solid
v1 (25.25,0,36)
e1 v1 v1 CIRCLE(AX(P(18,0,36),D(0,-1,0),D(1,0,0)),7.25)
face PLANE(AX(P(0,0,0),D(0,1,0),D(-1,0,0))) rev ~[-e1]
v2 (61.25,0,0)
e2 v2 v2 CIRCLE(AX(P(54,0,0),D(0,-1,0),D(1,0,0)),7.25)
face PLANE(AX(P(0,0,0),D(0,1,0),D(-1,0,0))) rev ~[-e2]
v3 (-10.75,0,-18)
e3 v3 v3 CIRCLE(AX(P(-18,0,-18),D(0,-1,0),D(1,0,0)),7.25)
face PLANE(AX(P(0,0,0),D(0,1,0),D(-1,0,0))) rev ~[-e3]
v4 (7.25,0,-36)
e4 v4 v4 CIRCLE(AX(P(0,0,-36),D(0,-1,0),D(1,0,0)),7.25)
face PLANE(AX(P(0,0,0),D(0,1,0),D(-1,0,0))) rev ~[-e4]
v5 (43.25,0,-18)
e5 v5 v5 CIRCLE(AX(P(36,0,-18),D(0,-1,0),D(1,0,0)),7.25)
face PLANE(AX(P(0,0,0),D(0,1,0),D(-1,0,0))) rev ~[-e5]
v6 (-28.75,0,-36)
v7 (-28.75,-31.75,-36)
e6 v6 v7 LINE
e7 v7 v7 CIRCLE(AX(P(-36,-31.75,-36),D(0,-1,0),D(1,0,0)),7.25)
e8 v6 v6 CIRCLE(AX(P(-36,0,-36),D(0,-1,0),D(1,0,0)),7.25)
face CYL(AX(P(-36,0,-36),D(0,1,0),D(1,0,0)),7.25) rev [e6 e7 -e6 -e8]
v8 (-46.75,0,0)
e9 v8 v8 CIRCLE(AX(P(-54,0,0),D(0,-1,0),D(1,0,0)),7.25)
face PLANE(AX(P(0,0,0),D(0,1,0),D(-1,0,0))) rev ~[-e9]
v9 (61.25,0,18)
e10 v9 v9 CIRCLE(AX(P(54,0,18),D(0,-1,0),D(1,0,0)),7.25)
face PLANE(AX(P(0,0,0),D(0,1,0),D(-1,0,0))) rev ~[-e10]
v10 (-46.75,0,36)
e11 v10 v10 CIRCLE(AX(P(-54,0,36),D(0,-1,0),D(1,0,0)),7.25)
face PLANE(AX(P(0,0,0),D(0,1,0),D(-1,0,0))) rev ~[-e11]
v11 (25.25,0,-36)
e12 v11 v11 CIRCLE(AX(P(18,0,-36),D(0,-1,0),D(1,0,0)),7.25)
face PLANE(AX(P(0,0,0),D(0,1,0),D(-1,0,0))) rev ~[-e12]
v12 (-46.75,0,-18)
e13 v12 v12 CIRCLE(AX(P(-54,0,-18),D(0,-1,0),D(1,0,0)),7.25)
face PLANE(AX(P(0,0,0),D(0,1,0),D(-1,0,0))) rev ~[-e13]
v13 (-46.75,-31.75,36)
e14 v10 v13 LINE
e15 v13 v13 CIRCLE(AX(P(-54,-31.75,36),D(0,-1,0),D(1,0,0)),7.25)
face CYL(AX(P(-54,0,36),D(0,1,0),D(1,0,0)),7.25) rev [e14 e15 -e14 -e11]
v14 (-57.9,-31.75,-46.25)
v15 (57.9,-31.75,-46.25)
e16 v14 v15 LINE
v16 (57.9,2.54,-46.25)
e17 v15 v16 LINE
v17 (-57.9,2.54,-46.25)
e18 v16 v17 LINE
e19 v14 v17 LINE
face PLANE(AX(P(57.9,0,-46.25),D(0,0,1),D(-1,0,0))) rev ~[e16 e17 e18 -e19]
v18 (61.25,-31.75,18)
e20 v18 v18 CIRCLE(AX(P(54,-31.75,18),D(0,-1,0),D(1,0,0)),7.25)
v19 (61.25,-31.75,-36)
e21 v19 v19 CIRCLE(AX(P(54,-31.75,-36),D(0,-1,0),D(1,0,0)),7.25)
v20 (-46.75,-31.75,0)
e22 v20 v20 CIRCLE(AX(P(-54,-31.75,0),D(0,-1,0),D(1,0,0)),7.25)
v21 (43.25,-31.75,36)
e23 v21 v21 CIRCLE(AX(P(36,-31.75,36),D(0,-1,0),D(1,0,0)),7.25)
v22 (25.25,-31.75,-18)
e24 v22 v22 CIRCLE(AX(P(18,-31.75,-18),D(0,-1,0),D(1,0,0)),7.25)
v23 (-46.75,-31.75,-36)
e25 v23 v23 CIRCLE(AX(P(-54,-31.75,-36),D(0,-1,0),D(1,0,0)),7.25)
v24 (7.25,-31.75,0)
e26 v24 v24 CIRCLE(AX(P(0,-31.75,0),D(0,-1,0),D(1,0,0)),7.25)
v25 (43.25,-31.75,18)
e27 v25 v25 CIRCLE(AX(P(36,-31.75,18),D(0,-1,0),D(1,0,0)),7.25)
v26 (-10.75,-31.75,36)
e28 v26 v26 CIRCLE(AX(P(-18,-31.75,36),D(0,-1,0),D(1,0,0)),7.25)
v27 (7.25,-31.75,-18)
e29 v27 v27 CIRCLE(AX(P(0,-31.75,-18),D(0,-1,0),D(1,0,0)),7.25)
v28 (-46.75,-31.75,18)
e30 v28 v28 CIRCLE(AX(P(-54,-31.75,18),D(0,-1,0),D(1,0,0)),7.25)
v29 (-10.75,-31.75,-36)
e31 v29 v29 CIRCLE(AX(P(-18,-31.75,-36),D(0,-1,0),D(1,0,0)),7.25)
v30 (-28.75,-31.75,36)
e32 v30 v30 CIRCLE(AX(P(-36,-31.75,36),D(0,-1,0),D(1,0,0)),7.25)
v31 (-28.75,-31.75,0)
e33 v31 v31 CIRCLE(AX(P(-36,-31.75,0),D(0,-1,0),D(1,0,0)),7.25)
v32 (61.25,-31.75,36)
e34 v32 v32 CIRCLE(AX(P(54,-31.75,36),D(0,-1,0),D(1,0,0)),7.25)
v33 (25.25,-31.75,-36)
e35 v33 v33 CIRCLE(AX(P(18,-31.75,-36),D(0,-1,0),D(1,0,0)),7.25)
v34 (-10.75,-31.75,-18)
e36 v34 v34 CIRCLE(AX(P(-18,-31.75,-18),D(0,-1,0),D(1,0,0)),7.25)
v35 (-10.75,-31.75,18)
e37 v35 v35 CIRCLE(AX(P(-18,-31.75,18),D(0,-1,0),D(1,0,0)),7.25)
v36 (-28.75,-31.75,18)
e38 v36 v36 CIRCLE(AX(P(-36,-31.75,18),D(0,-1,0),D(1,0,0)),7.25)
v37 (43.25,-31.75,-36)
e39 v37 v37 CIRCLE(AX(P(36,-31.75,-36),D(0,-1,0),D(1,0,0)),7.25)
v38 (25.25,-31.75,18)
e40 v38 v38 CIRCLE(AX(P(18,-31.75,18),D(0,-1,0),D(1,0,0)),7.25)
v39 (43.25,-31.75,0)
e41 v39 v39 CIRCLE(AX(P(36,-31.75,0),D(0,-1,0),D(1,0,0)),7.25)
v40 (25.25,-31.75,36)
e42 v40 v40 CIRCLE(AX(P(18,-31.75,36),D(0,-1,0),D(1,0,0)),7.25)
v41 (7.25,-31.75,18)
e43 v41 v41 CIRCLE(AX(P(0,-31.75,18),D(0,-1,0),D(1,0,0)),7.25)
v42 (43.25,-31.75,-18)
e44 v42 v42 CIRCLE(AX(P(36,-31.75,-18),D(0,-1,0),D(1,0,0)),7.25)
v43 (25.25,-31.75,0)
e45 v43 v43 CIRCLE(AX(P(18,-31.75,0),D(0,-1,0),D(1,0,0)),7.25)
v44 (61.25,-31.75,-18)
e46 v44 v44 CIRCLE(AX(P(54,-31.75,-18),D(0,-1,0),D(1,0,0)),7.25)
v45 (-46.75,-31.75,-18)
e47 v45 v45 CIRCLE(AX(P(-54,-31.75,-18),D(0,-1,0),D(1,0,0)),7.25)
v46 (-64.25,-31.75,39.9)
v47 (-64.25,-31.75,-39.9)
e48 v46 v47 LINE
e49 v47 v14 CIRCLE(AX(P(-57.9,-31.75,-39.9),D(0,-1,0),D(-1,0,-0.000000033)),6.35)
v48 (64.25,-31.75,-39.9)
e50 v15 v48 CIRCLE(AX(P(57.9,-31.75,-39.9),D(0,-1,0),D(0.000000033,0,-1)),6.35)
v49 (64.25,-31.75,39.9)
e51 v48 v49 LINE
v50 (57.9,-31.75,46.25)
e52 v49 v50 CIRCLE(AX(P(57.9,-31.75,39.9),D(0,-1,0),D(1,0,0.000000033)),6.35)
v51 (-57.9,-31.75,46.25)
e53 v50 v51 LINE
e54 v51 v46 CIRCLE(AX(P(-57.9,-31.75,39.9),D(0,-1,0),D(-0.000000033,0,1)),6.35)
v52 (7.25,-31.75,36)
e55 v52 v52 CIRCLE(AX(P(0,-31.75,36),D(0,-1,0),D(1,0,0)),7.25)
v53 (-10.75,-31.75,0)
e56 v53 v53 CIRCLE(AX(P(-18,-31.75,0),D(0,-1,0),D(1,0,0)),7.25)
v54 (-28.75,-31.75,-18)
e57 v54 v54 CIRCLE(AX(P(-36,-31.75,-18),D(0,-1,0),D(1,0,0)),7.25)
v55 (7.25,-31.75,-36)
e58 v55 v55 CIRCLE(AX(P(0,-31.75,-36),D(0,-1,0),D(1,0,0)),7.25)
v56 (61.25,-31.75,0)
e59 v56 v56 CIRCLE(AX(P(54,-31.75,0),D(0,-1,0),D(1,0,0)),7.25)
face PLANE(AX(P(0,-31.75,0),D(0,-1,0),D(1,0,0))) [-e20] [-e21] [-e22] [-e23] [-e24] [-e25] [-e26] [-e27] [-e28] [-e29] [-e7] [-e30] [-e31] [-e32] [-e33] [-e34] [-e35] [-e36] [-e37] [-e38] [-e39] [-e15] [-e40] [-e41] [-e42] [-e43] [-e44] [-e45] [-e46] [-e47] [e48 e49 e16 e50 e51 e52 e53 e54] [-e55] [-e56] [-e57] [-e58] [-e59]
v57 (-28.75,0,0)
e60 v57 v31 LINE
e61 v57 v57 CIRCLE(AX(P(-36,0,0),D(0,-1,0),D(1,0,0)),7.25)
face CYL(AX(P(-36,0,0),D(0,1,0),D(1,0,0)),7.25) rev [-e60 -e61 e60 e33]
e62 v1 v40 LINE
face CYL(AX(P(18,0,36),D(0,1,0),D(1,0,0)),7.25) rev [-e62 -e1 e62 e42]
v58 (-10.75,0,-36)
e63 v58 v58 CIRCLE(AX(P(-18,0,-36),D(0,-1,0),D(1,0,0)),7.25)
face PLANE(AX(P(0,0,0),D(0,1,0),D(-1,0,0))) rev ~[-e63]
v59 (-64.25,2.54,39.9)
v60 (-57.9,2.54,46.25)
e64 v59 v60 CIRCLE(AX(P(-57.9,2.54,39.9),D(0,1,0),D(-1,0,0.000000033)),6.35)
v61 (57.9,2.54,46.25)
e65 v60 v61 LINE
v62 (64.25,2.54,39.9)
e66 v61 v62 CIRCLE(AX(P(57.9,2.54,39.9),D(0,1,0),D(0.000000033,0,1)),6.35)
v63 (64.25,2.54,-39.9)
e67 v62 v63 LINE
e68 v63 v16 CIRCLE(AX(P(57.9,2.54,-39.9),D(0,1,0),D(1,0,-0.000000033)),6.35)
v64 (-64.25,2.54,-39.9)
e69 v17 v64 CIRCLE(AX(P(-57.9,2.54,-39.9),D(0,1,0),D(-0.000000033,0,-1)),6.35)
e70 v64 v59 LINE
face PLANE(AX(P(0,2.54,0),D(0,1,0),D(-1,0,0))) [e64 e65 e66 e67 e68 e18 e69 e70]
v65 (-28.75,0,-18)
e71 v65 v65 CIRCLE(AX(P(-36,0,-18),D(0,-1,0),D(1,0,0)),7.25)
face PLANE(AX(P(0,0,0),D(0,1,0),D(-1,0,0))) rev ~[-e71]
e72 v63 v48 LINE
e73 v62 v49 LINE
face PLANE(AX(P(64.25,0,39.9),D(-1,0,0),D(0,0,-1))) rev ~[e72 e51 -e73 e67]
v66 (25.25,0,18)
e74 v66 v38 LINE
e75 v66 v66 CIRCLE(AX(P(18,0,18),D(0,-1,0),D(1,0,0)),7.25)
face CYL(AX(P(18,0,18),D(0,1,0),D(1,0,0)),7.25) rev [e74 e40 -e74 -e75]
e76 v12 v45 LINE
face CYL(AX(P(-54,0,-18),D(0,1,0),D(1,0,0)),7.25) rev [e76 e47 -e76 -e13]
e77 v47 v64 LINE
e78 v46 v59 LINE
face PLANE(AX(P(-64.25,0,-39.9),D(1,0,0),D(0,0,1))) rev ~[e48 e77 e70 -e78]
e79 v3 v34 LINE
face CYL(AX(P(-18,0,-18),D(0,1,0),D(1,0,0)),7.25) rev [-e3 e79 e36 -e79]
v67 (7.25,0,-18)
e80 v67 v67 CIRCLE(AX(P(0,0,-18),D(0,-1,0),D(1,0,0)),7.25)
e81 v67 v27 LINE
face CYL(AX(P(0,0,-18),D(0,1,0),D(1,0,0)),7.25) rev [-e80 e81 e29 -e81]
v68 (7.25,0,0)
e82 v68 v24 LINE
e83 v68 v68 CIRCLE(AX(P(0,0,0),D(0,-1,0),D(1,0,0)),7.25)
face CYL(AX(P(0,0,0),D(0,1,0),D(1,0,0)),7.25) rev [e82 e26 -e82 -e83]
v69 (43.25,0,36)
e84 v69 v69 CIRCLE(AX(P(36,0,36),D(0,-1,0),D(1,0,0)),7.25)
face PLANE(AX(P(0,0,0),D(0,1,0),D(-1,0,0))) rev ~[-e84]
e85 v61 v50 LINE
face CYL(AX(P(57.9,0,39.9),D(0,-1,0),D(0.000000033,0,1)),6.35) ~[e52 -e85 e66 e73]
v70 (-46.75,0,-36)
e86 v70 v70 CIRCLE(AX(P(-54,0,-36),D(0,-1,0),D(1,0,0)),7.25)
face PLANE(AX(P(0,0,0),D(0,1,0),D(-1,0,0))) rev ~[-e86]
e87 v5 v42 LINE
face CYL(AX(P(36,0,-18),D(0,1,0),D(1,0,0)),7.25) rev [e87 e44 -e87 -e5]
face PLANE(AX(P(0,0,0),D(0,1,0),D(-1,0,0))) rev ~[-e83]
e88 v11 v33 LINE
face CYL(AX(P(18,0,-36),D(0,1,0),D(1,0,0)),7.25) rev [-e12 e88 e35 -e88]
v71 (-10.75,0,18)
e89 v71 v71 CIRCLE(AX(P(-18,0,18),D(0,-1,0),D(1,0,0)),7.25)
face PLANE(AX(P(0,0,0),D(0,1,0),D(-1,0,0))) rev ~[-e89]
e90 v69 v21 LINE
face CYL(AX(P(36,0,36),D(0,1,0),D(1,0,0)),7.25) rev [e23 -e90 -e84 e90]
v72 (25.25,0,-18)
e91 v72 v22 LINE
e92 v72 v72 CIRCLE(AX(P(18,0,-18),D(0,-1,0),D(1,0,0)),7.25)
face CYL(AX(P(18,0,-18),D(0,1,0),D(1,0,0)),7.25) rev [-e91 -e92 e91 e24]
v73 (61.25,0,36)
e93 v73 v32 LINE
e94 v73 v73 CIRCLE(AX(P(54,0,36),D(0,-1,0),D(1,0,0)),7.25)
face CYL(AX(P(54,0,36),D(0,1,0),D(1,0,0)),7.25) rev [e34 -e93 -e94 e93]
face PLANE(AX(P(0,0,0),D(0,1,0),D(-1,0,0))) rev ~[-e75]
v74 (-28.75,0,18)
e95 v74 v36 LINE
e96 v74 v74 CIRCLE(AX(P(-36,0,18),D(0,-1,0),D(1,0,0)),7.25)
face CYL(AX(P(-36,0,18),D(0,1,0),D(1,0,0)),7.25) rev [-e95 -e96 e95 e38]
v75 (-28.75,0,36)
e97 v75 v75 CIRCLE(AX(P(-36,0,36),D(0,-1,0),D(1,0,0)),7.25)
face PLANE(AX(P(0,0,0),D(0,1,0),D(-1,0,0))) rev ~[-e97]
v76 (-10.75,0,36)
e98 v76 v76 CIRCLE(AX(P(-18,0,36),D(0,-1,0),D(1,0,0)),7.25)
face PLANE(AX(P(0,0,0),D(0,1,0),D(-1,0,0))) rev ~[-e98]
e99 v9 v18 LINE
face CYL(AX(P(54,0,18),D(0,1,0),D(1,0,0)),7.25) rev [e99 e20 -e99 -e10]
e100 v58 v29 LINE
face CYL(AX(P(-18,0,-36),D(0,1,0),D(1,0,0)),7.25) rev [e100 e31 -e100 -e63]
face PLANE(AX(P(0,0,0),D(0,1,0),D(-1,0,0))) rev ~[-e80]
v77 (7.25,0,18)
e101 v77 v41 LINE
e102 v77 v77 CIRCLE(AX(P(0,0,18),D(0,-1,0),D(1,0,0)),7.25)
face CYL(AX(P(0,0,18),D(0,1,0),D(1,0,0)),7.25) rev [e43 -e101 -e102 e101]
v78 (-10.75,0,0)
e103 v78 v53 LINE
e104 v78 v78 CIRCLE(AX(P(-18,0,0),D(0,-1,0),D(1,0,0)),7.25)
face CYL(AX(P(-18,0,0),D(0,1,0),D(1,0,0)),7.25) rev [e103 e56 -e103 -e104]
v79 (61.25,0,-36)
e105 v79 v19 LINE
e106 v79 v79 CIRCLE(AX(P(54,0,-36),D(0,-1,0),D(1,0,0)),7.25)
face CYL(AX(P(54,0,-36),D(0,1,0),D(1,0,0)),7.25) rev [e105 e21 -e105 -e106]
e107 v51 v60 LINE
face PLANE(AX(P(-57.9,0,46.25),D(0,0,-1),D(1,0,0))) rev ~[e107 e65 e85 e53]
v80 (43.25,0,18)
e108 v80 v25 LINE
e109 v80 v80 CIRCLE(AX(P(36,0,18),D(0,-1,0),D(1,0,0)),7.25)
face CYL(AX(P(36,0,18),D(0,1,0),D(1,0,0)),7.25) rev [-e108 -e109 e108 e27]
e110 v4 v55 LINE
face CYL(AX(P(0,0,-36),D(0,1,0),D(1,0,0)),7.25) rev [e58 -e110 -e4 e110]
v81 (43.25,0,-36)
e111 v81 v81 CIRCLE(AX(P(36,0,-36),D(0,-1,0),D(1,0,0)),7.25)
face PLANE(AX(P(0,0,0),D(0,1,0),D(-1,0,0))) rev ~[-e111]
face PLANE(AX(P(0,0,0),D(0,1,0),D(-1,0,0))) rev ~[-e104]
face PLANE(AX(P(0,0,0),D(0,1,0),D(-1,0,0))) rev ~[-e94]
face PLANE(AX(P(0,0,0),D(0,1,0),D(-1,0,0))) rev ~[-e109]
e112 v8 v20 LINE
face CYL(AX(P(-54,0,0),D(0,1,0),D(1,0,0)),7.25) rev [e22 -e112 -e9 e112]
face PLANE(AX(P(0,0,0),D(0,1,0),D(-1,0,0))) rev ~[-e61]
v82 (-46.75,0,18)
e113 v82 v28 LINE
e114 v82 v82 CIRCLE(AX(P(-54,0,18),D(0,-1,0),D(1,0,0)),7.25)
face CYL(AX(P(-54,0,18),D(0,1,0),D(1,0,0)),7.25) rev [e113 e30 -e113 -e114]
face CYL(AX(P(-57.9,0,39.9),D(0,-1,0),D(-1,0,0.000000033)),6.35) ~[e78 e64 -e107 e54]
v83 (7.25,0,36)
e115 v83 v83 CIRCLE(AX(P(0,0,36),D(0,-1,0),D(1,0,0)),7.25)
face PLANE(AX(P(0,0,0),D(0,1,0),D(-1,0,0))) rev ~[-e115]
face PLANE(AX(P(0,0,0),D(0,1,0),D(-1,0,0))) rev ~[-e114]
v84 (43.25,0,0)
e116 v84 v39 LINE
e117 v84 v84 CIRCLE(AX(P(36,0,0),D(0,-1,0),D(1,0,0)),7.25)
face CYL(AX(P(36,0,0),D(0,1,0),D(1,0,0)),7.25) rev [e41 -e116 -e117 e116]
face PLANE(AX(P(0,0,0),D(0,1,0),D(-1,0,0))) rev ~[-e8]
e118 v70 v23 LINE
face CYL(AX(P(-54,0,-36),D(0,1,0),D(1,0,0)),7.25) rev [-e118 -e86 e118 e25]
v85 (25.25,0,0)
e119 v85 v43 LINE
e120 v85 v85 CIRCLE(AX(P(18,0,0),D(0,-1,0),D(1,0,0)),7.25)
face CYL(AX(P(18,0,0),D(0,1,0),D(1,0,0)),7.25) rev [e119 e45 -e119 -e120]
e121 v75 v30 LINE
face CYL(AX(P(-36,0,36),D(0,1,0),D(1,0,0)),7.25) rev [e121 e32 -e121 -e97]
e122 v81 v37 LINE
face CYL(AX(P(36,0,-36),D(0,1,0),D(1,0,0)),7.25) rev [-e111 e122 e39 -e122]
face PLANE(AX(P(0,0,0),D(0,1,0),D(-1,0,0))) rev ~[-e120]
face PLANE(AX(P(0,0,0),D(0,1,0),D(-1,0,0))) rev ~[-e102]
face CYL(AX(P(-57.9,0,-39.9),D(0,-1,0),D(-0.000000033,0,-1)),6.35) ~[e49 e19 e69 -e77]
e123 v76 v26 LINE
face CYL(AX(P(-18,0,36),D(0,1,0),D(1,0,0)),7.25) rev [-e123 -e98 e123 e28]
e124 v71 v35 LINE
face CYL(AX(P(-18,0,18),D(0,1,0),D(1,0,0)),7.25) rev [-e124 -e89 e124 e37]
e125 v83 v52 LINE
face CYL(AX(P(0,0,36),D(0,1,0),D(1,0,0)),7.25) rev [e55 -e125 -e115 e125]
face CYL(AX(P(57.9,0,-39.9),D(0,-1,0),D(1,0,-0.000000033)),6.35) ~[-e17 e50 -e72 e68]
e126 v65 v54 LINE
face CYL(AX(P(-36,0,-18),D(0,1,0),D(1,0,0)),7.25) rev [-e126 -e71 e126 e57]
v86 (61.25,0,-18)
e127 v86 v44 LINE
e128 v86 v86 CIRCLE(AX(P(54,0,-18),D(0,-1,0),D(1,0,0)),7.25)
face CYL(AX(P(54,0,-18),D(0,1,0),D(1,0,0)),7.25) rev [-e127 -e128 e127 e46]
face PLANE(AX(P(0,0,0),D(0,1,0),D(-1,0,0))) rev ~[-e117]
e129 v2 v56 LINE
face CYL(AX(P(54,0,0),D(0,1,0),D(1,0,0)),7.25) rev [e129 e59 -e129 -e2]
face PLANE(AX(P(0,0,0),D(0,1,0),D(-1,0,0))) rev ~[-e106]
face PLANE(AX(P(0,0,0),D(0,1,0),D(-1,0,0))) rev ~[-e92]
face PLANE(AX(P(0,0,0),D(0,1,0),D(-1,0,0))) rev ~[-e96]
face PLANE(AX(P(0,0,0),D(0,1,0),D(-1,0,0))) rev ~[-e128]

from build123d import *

# Parameters (mm, degrees)
F0_R     = 7.25
F1_DEPTH = 31.75
F3_DEPTH = 2.54


with BuildPart() as f1:
    # F0 (on Front) → F1 (new body)
    with BuildSketch(Plane.XZ):
        with BuildLine():
            Line((-57.9, -46.25), (57.9, -46.25))
            ThreePointArc((57.9, -46.25), (62.390128, -44.390128), (64.25, -39.9))
            Line((64.25, -39.9), (64.25, 39.9))
            ThreePointArc((64.25, 39.9), (62.390128, 44.390128), (57.9, 46.25))
            Line((57.9, 46.25), (-57.9, 46.25))
            ThreePointArc((-57.9, 46.25), (-62.390128, 44.390128), (-64.25, 39.9))
            Line((-64.25, 39.9), (-64.25, -39.9))
            ThreePointArc((-64.25, -39.9), (-62.390128, -44.390128), (-57.9, -46.25))
        make_face()
        with Locations((-54, -36)):
            Circle(F0_R, mode=Mode.SUBTRACT)
        with Locations((-36, -36)):
            Circle(F0_R, mode=Mode.SUBTRACT)
        with Locations((-18, -36)):
            Circle(F0_R, mode=Mode.SUBTRACT)
        with Locations((-54, -18)):
            Circle(F0_R, mode=Mode.SUBTRACT)
        with Locations((-36, -18)):
            Circle(F0_R, mode=Mode.SUBTRACT)
        with Locations((-18, -18)):
            Circle(F0_R, mode=Mode.SUBTRACT)
        with Locations((0, -36)):
            Circle(F0_R, mode=Mode.SUBTRACT)
        with Locations((18, -36)):
            Circle(F0_R, mode=Mode.SUBTRACT)
        with Locations((36, -36)):
            Circle(F0_R, mode=Mode.SUBTRACT)
        with Locations((54, -36)):
            Circle(F0_R, mode=Mode.SUBTRACT)
        with Locations((0, -18)):
            Circle(F0_R, mode=Mode.SUBTRACT)
        with Locations((18, -18)):
            Circle(F0_R, mode=Mode.SUBTRACT)
        with Locations((36, -18)):
            Circle(F0_R, mode=Mode.SUBTRACT)
        with Locations((54, -18)):
            Circle(F0_R, mode=Mode.SUBTRACT)
        with Locations((-54, 0)):
            Circle(F0_R, mode=Mode.SUBTRACT)
        with Locations((-36, 0)):
            Circle(F0_R, mode=Mode.SUBTRACT)
        with Locations((-54, 18)):
            Circle(F0_R, mode=Mode.SUBTRACT)
        with Locations((-36, 18)):
            Circle(F0_R, mode=Mode.SUBTRACT)
        with Locations((-18, 0)):
            Circle(F0_R, mode=Mode.SUBTRACT)
        with Locations((-18, 18)):
            Circle(F0_R, mode=Mode.SUBTRACT)
        with Locations((-54, 36)):
            Circle(F0_R, mode=Mode.SUBTRACT)
        with Locations((-36, 36)):
            Circle(F0_R, mode=Mode.SUBTRACT)
        with Locations((-18, 36)):
            Circle(F0_R, mode=Mode.SUBTRACT)
        Circle(F0_R, mode=Mode.SUBTRACT)
        with Locations((18, 0)):
            Circle(F0_R, mode=Mode.SUBTRACT)
        with Locations((0, 18)):
            Circle(F0_R, mode=Mode.SUBTRACT)
        with Locations((18, 18)):
            Circle(F0_R, mode=Mode.SUBTRACT)
        with Locations((36, 0)):
            Circle(F0_R, mode=Mode.SUBTRACT)
        with Locations((54, 0)):
            Circle(F0_R, mode=Mode.SUBTRACT)
        with Locations((36, 18)):
            Circle(F0_R, mode=Mode.SUBTRACT)
        with Locations((54, 18)):
            Circle(F0_R, mode=Mode.SUBTRACT)
        with Locations((0, 36)):
            Circle(F0_R, mode=Mode.SUBTRACT)
        with Locations((18, 36)):
            Circle(F0_R, mode=Mode.SUBTRACT)
        with Locations((36, 36)):
            Circle(F0_R, mode=Mode.SUBTRACT)
        with Locations((54, 36)):
            Circle(F0_R, mode=Mode.SUBTRACT)
    extrude(amount=F1_DEPTH)

    # F2 (on face) → F3 (join)
    with BuildSketch(Plane(origin=(0, 0, 0), x_dir=(-1, 0, 0), z_dir=(0, 1, 0))):
        with BuildLine():
            ThreePointArc((-64.25, -39.9), (-62.390128, -44.390128), (-57.9, -46.25))
            Line((-57.9, -46.25), (57.9, -46.25))
            ThreePointArc((57.9, -46.25), (62.390128, -44.390128), (64.25, -39.9))
            Line((64.25, -39.9), (64.25, 39.9))
            ThreePointArc((64.25, 39.9), (62.390128, 44.390128), (57.9, 46.25))
            Line((57.9, 46.25), (-57.9, 46.25))
            ThreePointArc((-57.9, 46.25), (-62.390128, 44.390128), (-64.25, 39.9))
            Line((-64.25, 39.9), (-64.25, -39.9))
        make_face()
    extrude(amount=F3_DEPTH)


solid = f1.part
